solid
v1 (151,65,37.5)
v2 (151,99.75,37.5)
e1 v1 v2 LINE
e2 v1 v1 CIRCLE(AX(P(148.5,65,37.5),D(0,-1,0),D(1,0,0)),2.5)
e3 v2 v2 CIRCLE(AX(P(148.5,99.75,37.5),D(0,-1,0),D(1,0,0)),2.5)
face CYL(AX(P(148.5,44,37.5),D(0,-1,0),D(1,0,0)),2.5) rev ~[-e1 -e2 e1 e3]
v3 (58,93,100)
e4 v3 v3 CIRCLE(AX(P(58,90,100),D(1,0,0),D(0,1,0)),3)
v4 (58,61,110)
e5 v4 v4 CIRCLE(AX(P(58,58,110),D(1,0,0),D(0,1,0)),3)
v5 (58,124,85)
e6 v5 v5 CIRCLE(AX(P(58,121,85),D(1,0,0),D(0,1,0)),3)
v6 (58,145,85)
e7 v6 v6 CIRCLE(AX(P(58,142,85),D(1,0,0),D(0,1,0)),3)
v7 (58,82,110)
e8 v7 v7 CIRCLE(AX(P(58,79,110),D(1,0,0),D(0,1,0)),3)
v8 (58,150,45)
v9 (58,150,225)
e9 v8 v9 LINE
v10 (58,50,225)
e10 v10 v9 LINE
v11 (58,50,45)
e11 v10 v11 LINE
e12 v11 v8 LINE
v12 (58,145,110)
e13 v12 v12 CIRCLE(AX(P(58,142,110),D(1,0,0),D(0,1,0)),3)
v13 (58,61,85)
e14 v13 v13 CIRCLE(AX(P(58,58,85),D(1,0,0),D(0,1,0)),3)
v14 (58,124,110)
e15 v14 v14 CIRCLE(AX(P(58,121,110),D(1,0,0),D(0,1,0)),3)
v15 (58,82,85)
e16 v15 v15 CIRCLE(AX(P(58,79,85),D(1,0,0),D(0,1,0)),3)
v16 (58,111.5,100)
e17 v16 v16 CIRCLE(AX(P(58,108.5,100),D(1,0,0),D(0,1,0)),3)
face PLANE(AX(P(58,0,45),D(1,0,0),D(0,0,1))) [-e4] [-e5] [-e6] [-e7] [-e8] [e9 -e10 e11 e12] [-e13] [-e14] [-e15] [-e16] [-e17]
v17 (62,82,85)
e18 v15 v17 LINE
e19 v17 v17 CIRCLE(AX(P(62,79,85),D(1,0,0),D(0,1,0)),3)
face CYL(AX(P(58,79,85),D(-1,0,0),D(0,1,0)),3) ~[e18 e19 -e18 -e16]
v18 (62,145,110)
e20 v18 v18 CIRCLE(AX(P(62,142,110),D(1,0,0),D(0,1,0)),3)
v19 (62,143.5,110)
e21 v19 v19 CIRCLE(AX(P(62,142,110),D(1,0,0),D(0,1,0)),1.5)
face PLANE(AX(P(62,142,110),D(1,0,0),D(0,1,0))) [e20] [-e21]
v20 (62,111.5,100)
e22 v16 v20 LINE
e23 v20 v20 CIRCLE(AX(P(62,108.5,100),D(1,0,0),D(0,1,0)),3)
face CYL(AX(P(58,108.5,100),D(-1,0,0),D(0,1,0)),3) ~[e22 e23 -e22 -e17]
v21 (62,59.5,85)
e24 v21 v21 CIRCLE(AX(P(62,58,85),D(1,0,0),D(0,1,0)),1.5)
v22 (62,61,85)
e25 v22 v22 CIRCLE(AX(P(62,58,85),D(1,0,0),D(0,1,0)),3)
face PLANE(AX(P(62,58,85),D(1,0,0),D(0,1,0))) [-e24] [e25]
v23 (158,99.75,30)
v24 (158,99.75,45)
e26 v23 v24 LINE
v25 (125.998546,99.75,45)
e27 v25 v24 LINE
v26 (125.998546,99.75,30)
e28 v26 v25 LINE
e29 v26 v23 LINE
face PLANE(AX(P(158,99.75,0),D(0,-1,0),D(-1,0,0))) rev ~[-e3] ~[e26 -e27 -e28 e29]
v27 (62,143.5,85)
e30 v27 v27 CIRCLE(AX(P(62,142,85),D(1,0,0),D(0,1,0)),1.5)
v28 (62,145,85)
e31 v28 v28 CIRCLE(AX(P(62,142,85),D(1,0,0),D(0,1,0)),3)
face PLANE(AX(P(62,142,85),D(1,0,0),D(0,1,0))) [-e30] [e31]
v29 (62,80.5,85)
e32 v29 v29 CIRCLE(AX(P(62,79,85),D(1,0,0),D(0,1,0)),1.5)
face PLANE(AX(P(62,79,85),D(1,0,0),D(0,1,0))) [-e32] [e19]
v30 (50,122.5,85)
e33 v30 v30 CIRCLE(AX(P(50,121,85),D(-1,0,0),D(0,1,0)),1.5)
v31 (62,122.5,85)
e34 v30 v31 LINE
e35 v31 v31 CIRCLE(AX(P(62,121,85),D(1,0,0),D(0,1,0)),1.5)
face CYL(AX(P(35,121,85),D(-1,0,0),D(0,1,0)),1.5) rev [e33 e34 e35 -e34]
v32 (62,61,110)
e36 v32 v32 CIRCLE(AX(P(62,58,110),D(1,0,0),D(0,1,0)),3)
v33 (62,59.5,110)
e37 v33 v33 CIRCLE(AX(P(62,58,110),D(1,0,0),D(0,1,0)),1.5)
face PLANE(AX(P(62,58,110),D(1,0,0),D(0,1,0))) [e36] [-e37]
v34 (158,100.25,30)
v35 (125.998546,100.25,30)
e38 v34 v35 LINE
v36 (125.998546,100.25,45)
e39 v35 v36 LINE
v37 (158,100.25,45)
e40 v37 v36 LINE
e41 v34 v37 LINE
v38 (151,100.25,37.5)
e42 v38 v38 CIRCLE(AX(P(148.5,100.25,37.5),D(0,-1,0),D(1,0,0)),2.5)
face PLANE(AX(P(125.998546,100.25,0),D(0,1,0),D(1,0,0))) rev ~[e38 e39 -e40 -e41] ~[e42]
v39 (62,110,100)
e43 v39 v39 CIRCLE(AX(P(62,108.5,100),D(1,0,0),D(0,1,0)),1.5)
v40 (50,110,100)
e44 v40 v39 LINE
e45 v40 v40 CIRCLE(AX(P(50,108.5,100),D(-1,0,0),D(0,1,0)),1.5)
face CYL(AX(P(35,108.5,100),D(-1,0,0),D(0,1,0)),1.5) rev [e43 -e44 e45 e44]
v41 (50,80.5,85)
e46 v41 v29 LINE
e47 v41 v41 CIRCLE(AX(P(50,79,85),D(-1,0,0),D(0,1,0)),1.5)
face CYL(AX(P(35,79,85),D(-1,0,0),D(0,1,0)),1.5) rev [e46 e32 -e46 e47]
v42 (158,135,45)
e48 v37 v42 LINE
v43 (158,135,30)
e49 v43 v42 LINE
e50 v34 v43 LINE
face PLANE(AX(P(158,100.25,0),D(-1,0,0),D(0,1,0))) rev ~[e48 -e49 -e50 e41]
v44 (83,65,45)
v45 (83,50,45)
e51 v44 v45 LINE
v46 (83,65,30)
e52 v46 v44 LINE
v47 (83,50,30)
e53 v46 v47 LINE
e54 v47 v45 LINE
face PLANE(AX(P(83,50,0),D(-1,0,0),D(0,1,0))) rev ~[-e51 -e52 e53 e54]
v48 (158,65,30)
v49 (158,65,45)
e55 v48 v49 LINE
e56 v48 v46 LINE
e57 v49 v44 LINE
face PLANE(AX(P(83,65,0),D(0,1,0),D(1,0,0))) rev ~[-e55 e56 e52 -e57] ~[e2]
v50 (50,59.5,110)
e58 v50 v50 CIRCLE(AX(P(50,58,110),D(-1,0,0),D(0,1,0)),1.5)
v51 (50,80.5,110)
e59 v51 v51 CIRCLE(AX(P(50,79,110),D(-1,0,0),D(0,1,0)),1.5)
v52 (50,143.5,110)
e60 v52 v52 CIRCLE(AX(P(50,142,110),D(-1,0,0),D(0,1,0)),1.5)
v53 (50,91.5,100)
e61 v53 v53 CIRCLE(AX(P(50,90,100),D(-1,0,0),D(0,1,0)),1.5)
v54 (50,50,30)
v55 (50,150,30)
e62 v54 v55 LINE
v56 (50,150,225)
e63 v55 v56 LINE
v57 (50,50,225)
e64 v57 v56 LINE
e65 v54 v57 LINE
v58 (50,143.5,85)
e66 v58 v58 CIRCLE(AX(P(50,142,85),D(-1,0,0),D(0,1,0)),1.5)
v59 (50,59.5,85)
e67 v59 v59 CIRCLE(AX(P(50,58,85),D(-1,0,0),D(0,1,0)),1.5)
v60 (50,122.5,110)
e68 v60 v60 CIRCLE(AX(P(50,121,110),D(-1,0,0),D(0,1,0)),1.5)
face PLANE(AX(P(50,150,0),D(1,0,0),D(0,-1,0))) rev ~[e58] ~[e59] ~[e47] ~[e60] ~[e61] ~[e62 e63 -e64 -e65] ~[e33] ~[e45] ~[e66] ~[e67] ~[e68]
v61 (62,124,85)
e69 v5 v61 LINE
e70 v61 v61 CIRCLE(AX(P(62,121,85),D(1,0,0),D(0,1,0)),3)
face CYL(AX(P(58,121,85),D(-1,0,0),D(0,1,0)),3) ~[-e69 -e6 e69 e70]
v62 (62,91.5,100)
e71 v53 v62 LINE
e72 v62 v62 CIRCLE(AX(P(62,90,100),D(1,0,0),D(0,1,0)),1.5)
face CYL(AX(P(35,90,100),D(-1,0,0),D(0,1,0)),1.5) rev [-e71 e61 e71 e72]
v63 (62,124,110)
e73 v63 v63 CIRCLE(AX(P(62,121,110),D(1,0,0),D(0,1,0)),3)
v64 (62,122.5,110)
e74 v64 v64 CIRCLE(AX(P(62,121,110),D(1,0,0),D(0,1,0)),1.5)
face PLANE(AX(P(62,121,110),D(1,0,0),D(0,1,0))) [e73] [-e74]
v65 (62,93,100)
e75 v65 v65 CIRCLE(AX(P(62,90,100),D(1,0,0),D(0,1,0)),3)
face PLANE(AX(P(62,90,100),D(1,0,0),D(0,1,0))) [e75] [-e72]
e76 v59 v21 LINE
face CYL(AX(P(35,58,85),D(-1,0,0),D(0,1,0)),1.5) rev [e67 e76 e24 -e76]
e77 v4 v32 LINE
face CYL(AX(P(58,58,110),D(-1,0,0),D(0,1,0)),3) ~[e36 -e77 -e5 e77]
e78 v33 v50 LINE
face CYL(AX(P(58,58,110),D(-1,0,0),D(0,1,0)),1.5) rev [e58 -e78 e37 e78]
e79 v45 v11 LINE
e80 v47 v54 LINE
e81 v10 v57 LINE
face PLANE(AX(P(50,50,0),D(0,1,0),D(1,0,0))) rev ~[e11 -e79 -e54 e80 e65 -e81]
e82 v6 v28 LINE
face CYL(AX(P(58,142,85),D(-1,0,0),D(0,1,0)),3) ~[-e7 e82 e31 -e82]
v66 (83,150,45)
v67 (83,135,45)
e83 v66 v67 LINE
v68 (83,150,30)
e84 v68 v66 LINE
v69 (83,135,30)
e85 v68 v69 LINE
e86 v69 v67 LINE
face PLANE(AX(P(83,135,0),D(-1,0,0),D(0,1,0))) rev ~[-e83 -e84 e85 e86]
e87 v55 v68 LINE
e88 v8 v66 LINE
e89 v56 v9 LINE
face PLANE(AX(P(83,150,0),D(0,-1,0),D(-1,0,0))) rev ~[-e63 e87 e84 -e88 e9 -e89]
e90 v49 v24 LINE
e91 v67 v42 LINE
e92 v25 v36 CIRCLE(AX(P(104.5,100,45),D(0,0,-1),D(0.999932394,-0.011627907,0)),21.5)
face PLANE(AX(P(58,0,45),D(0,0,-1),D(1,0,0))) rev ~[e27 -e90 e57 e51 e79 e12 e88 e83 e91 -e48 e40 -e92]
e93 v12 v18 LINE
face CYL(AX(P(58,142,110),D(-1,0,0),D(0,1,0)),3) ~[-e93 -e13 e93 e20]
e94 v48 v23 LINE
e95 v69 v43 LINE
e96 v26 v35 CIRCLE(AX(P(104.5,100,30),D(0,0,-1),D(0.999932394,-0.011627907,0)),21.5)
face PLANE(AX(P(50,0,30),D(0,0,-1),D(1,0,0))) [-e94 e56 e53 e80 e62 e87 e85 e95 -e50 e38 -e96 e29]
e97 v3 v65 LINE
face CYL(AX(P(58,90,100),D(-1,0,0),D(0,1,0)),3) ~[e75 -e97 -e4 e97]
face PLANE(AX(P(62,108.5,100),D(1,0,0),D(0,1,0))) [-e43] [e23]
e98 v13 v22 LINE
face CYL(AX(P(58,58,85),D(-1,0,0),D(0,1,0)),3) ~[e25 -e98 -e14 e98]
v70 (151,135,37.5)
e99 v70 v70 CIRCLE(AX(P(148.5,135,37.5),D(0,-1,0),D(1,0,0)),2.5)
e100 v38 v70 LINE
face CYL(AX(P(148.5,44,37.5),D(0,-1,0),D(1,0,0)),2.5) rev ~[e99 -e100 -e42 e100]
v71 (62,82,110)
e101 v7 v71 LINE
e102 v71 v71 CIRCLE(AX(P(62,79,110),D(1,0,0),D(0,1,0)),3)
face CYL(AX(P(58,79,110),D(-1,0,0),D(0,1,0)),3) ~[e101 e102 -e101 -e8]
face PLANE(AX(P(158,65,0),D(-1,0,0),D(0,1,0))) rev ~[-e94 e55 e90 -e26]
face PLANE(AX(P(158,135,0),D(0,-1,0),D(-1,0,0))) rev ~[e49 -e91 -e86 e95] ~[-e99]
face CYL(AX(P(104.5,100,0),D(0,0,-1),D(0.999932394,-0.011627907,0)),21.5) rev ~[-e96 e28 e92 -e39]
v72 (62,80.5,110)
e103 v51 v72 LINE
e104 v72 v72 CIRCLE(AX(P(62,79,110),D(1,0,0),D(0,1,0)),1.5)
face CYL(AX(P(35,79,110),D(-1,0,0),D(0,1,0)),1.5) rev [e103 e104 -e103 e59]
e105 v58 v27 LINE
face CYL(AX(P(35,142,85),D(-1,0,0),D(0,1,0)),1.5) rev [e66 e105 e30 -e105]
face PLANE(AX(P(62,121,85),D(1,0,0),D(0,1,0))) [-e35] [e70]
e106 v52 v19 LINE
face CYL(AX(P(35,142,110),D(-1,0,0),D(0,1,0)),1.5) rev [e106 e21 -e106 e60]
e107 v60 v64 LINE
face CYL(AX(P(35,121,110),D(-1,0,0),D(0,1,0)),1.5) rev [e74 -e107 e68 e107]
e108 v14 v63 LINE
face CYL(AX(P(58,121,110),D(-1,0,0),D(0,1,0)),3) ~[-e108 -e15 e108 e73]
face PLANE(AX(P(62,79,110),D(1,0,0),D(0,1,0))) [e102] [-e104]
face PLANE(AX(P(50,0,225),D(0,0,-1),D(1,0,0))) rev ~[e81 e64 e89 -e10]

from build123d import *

# Parameters (mm, degrees)
F3_DEPTH = 230
F2_W     = 108
F2_H     = 30
F2_W_2   = 100
F2_H_2   = 180
F4_DEPTH = 310
F6_START = 35
F5_R     = 1.5
F6_DEPTH = 36
F7_START = 58
F5_R_2   = 3
F7_DEPTH = 4
F8_START = -44
F2_R     = 2.5
F8_DEPTH = 98


with BuildPart() as f3:
    # F1 (on Top) → F3 (new body)
    with BuildSketch(Plane.XY):
        with BuildLine():
            Line((83, 150), (50, 150))
            Line((50, 150), (50, 50))
            Line((50, 50), (83, 50))
            Line((83, 50), (83, 65))
            Line((83, 65), (158, 65))
            Line((158, 65), (158, 99.75))
            Line((158, 99.75), (126, 99.75))
            Line((126, 99.75), (125.9985464625, 99.75))
            ThreePointArc((125.9985464625, 99.75), (83, 100), (125.9985464625, 100.25))
            Line((125.9985464625, 100.25), (126, 100.25))
            Line((126, 100.25), (158, 100.25))
            Line((158, 100.25), (158, 135))
            Line((158, 135), (83, 135))
            Line((83, 135), (83, 150))
        make_face()
    extrude(amount=F3_DEPTH)

    # F2 (on Front) → F4 (cut)
    with BuildSketch(Plane.XZ):
        with Locations((104, 15)):
            Rectangle(F2_W, F2_H)
        with Locations((108, 135)):
            Rectangle(F2_W_2, F2_H_2)
        Polygon((50, 295), (50, 225), (58, 225), (158, 225), (158, 295), align=None)
    extrude(amount=-F4_DEPTH, mode=Mode.SUBTRACT)

    # F5 (on Right) → F6 (cut)
    with BuildSketch(Plane.YZ.offset(F6_START)):
        with Locations((142, 85)):
            Circle(F5_R)
        with Locations((142, 110)):
            Circle(F5_R)
        with Locations((121, 110)):
            Circle(F5_R)
        with Locations((108.5, 100)):
            Circle(F5_R)
        with Locations((121, 85)):
            Circle(F5_R)
        with Locations((90, 100)):
            Circle(F5_R)
        with Locations((79, 85)):
            Circle(F5_R)
        with Locations((58, 110)):
            Circle(F5_R)
        with Locations((79, 110)):
            Circle(F5_R)
        with Locations((58, 85)):
            Circle(F5_R)
    extrude(amount=F6_DEPTH, mode=Mode.SUBTRACT)

    # F5 (on Right) → F7 (join)
    with BuildSketch(Plane.YZ.offset(F7_START)):
        with Locations((58, 110)):
            Circle(F5_R_2)
        with Locations((58, 110)):
            Circle(F5_R, mode=Mode.SUBTRACT)
        with Locations((79, 110)):
            Circle(F5_R_2)
        with Locations((79, 110)):
            Circle(F5_R, mode=Mode.SUBTRACT)
        with Locations((90, 100)):
            Circle(F5_R_2)
        with Locations((90, 100)):
            Circle(F5_R, mode=Mode.SUBTRACT)
        with Locations((108.5, 100)):
            Circle(F5_R_2)
        with Locations((108.5, 100)):
            Circle(F5_R, mode=Mode.SUBTRACT)
        with Locations((121, 110)):
            Circle(F5_R_2)
        with Locations((121, 110)):
            Circle(F5_R, mode=Mode.SUBTRACT)
        with Locations((142, 110)):
            Circle(F5_R_2)
        with Locations((142, 110)):
            Circle(F5_R, mode=Mode.SUBTRACT)
        with Locations((121, 85)):
            Circle(F5_R_2)
        with Locations((121, 85)):
            Circle(F5_R, mode=Mode.SUBTRACT)
        with Locations((142, 85)):
            Circle(F5_R_2)
        with Locations((142, 85)):
            Circle(F5_R, mode=Mode.SUBTRACT)
        with Locations((79, 85)):
            Circle(F5_R_2)
        with Locations((79, 85)):
            Circle(F5_R, mode=Mode.SUBTRACT)
        with Locations((58, 85)):
            Circle(F5_R_2)
        with Locations((58, 85)):
            Circle(F5_R, mode=Mode.SUBTRACT)
    extrude(amount=F7_DEPTH)

    # F2 (on Front) → F8 (cut)
    with BuildSketch(Plane.XZ.offset(F8_START)):
        with Locations((148.5, 37.5)):
            Circle(F2_R)
    extrude(amount=-F8_DEPTH, mode=Mode.SUBTRACT)


solid = f3.part
